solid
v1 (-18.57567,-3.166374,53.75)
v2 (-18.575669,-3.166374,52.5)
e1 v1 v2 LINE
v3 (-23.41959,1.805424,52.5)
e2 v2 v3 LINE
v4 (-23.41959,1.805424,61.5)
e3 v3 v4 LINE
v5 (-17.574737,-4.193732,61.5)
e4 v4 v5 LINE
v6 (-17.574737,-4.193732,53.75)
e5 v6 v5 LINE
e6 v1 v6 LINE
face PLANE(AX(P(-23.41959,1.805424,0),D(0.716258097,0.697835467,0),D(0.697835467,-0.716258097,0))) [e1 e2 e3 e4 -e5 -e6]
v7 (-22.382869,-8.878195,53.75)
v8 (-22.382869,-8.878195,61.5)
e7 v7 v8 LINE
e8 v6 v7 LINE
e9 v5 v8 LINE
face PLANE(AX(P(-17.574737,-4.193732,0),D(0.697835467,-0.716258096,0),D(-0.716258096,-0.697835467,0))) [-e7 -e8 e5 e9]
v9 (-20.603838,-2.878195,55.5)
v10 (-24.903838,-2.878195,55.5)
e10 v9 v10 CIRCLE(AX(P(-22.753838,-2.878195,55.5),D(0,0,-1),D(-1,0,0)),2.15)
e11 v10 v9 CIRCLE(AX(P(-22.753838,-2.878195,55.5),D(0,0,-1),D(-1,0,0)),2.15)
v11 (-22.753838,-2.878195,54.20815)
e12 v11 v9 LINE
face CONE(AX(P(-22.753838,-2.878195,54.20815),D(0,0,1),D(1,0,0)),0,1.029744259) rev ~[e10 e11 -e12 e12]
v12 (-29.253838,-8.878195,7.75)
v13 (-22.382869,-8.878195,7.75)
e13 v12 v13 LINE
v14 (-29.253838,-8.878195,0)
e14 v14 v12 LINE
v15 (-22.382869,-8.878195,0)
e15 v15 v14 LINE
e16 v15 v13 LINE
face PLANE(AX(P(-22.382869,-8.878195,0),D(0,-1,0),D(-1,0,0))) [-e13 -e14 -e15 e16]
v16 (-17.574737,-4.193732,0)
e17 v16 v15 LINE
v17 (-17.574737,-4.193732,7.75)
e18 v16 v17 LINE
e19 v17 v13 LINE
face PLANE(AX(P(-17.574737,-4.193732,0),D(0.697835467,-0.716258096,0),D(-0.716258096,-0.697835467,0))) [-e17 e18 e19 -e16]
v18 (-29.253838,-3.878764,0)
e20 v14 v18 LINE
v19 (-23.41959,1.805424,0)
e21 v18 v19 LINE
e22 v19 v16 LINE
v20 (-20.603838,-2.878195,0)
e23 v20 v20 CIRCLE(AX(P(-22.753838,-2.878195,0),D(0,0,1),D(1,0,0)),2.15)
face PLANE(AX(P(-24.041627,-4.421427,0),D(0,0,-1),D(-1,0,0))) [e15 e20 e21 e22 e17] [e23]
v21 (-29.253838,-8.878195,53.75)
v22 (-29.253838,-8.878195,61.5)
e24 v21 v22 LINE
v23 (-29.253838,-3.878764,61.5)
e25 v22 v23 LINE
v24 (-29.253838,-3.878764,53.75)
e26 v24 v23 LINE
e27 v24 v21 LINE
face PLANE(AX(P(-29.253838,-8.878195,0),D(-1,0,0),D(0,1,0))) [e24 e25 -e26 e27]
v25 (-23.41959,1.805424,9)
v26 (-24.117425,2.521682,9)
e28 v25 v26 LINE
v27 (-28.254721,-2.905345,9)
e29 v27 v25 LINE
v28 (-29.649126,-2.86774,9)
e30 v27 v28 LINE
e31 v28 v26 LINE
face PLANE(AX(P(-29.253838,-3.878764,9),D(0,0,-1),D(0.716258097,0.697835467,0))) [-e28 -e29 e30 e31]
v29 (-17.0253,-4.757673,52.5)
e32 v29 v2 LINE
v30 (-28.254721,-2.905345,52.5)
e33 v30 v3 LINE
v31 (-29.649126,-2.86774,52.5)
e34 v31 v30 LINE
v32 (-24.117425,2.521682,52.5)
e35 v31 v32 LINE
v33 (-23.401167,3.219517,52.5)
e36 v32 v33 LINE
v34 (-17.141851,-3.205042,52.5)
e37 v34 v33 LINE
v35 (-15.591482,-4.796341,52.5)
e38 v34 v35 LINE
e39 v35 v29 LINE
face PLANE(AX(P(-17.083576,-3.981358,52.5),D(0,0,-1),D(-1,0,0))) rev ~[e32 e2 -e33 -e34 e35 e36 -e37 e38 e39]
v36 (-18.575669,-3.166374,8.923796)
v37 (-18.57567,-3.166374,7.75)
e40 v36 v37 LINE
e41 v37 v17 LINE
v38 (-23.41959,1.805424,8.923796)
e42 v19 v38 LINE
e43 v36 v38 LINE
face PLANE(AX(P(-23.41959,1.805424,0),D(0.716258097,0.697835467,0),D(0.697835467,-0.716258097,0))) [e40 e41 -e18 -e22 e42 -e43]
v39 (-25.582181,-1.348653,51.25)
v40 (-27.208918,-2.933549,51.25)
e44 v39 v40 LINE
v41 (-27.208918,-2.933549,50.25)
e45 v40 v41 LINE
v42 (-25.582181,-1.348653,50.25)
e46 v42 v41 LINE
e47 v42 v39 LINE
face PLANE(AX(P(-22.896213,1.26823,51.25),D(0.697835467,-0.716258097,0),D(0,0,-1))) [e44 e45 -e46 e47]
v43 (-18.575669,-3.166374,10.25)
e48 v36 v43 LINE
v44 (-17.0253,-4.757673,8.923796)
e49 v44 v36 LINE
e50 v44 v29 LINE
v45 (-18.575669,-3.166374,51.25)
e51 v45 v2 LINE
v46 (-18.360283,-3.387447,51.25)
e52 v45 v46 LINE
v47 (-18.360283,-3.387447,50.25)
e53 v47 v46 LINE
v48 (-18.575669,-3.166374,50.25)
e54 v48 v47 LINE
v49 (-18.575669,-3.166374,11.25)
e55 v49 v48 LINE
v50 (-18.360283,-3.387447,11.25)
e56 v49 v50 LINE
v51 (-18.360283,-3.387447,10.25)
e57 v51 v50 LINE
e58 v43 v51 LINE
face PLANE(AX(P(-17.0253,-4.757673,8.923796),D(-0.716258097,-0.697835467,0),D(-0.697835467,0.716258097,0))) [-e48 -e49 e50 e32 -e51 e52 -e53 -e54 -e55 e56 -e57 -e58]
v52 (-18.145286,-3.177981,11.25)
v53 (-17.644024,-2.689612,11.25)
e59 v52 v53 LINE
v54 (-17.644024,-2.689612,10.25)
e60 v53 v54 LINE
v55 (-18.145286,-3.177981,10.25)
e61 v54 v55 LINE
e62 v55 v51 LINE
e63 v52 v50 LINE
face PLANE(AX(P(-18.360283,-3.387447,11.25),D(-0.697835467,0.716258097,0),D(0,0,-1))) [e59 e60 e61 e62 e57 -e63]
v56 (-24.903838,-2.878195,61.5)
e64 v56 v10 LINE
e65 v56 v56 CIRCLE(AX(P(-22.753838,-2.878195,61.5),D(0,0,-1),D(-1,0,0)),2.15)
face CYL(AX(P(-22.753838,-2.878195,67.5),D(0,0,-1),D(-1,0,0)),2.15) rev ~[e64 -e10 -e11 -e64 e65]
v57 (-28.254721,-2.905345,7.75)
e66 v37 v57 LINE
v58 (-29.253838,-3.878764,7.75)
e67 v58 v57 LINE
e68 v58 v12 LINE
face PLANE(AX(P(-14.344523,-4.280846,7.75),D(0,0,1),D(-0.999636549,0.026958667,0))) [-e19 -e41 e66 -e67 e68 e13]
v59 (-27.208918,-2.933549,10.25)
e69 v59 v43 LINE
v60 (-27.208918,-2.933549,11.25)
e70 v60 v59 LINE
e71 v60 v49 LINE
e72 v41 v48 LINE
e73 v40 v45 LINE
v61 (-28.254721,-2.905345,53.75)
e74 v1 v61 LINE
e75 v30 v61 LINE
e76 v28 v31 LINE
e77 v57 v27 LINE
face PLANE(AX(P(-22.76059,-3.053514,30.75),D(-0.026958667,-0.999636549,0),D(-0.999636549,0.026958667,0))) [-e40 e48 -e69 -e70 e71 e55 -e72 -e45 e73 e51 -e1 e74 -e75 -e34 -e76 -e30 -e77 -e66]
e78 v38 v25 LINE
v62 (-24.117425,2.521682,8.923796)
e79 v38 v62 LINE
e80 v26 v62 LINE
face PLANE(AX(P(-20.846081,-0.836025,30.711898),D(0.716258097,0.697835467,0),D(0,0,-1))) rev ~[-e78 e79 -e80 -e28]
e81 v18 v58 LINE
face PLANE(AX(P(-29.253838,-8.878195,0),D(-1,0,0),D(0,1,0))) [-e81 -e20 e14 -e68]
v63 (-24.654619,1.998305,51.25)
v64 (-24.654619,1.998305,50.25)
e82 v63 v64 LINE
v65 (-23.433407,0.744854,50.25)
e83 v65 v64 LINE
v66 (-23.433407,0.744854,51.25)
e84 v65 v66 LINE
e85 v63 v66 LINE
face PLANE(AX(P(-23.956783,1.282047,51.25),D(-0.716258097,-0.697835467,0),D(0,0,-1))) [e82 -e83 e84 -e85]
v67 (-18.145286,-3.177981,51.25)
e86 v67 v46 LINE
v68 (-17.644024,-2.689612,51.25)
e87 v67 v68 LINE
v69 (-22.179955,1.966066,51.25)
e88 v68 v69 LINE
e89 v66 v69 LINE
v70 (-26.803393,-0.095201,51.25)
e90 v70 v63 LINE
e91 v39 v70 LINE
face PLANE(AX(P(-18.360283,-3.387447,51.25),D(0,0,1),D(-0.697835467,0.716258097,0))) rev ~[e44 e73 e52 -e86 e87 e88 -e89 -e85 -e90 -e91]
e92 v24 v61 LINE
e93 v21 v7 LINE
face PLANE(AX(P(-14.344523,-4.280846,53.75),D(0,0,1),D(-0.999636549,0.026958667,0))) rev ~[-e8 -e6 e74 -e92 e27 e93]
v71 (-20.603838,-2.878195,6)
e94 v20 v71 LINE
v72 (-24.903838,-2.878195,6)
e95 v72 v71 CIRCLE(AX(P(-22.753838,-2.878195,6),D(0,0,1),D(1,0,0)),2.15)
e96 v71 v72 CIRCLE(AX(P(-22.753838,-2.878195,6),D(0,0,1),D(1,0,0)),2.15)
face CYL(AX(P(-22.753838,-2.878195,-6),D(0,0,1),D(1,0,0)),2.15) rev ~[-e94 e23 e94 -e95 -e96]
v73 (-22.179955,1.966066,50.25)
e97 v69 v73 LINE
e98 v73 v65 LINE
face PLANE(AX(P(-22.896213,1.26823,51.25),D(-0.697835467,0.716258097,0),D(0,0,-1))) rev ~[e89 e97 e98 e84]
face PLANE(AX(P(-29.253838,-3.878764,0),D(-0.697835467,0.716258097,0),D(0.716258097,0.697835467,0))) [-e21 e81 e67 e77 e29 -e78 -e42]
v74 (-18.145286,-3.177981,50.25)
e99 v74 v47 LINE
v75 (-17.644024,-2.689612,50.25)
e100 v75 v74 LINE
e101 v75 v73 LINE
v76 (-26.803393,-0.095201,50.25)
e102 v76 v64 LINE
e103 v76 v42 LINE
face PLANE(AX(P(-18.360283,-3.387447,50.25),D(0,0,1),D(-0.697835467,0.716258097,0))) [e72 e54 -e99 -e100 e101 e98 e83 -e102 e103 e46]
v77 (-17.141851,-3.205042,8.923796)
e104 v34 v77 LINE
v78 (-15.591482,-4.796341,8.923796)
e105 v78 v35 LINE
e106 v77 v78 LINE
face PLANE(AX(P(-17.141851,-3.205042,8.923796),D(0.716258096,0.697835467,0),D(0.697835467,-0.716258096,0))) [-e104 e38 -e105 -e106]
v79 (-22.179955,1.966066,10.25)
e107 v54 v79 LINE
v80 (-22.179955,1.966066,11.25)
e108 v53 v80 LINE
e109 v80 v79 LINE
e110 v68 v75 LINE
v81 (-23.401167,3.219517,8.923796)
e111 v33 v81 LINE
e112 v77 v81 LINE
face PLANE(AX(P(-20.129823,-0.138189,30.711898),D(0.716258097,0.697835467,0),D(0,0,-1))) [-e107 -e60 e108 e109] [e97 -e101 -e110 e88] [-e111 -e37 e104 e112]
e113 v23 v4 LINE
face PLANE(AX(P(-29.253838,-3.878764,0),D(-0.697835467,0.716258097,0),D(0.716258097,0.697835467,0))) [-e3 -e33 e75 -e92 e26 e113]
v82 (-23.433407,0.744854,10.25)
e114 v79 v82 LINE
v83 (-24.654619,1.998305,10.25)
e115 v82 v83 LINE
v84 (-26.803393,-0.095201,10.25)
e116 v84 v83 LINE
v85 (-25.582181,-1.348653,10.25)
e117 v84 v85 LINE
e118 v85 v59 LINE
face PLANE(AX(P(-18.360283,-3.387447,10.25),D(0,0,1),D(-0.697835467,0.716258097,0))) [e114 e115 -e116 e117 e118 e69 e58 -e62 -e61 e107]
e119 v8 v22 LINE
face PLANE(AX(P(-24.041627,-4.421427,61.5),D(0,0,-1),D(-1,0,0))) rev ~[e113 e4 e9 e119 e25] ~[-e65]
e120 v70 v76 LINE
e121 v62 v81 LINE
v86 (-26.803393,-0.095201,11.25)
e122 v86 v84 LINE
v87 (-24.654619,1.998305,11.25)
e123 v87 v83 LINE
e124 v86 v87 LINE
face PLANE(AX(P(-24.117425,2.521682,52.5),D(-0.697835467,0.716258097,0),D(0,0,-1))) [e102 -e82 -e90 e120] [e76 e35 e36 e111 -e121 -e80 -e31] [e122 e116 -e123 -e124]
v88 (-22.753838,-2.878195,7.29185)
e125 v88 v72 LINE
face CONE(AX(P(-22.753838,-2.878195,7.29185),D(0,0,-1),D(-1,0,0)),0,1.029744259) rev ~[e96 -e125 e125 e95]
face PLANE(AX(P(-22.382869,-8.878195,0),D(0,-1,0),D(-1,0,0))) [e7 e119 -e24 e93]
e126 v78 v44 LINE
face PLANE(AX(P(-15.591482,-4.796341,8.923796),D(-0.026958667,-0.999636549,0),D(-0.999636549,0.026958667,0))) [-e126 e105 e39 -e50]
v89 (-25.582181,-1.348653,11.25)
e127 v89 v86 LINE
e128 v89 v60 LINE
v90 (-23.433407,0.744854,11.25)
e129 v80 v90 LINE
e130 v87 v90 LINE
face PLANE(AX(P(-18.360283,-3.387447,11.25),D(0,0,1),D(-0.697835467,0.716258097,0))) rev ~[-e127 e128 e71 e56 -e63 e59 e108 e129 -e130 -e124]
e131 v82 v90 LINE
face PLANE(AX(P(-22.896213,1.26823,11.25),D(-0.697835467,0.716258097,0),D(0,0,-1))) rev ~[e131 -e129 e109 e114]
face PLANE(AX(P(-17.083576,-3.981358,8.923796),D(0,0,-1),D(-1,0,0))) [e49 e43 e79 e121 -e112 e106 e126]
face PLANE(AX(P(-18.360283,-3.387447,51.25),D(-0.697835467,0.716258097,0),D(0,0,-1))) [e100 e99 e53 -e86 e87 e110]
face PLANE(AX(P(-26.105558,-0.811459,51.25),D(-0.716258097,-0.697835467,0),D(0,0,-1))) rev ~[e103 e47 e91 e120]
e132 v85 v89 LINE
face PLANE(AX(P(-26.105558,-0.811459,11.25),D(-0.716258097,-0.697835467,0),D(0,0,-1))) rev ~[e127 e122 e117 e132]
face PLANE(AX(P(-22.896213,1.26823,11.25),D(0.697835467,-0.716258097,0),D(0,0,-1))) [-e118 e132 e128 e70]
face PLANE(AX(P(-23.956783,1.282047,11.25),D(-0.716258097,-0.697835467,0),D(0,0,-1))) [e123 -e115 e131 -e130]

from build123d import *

# Parameters (mm, degrees)
BOSS_EXTRU_1_DEPTH       = 61.5
D_GAGEMENT_M41_D         = 4.3
D_GAGEMENT_M41_DEPTH     = 6
D_GAGEMENT_M41_TIP       = 1.291850331
D_GAGEMENT_M42_D         = 4.3
D_GAGEMENT_M42_DEPTH     = 6
D_GAGEMENT_M42_TIP       = 1.291850331
ESQUISSE9_W              = 1
ESQUISSE9_H              = 6.5
ENL_V_MAT_EXTRU_2_DEPTH  = 66.352343655
ESQUISSE11_W             = 3
ESQUISSE11_H             = 1
ENL_V_MAT_EXTRU_3_DEPTH  = 1
ENL_V_MAT_EXTRU_4_DEPTH  = 23
ENL_V_MAT_EXTRU_7_DEPTH  = 23
ESQUISSE16_W             = 8.145455673
ESQUISSE16_H             = 43.5
ESQUISSE16_W_2           = 3
ESQUISSE16_H_2           = 1
BOSS_EXTRU_2_DEPTH       = 1
ESQUISSE17_W             = 43.576204057
ESQUISSE17_H             = 9.375689411
ESQUISSE17_W_2           = 1
ESQUISSE17_H_2           = 6.5
BOSS_EXTRU_3_DEPTH       = 1
ESQUISSE18_W             = 16.892190225
ESQUISSE18_H             = 46
ENL_V_MAT_EXTRU_8_DEPTH  = 1
BOSS_EXTRU_4_START       = -43.576204
BOSS_EXTRU_4_DEPTH       = 43.576204
ESQUISSE23_W             = 1
ESQUISSE23_H             = 6.5
ENL_V_MAT_EXTRU_11_DEPTH = 66.811115965


with BuildPart() as part:
    # Esquisse1 → Boss.-Extru.1 (new body)
    with BuildSketch(Plane.XY):
        Polygon((-29.2538383, -8.878195219), (-29.2538383, -3.878764136), (-23.419589724, 1.805423729), (-17.574736592, -4.193731626), (-22.3828685, -8.878195219), align=None)
    extrude(amount=BOSS_EXTRU_1_DEPTH)

    # Dégagement M41
    with Locations(Plane.XY.offset(61.5)):
        with Locations((-22.7538383, -2.878195219)):
            Hole(D_GAGEMENT_M41_D / 2, depth=D_GAGEMENT_M41_DEPTH)
            with Locations((0, 0, -(D_GAGEMENT_M41_DEPTH + D_GAGEMENT_M41_TIP / 2))):  # 118° drill point
                Cone(0, D_GAGEMENT_M41_D / 2, D_GAGEMENT_M41_TIP, mode=Mode.SUBTRACT)

    # Dégagement M42
    with Locations(Plane(origin=(0, 0, 0), x_dir=(-1, 0, 0), z_dir=(0, 0, -1))):
        with Locations((22.7538383, -2.878195219)):
            Hole(D_GAGEMENT_M42_D / 2, depth=D_GAGEMENT_M42_DEPTH)
            with Locations((0, 0, -(D_GAGEMENT_M42_DEPTH + D_GAGEMENT_M42_TIP / 2))):  # 118° drill point
                Cone(0, D_GAGEMENT_M42_D / 2, D_GAGEMENT_M42_TIP, mode=Mode.SUBTRACT)

    # Esquisse9 → Enlèv. mat.-Extru.2 (cut, through all)
    with BuildSketch(Plane(origin=(-11.112445005, -10.826625609, 0), x_dir=(0, 0, -1), z_dir=(0.7162580965216612, 0.6978354671175484, 0))):
        with Locations((-50.75, 13.636169698)):
            Rectangle(ESQUISSE9_W, ESQUISSE9_H)
        with Locations((-10.75, 13.636169698)):
            Rectangle(ESQUISSE9_W, ESQUISSE9_H)
    extrude(amount=-ENL_V_MAT_EXTRU_2_DEPTH, mode=Mode.SUBTRACT)

    # Esquisse11 → Enlèv. mat.-Extru.3 (cut)
    with BuildSketch(Plane(origin=(-12.30714472, 12.632049338, 0), x_dir=(0.7162580965216613, 0.6978354671175482, 0), z_dir=(-0.6978354671175482, 0.7162580965216613, 0))):
        with Locations((-17.764582046, -50.75)):
            Rectangle(ESQUISSE11_W, ESQUISSE11_H)
        with Locations((-17.764582046, -10.75)):
            Rectangle(ESQUISSE11_W, ESQUISSE11_H)
    extrude(amount=-ENL_V_MAT_EXTRU_3_DEPTH, mode=Mode.SUBTRACT)

    # Esquisse14 → Enlèv. mat.-Extru.4 (cut)
    with BuildSketch(Plane(origin=(0, 0, 30.75), x_dir=(-1, 0, 0), z_dir=(0, 0, -1))):
        Polygon((22.3828685, -8.878195219), (29.2538383, -3.878764136), (29.2538383, -8.878195219), align=None)
    enl_v_mat_extru_4 = extrude(amount=-ENL_V_MAT_EXTRU_4_DEPTH, mode=Mode.SUBTRACT)

    # Esquisse15 → Enlèv. mat.-Extru.7 (cut)
    with BuildSketch(Plane(origin=(0, 0, 30.75), x_dir=(-1, 0, 0), z_dir=(0, 0, -1))):
        Polygon((17.574736592, -4.193731626), (22.3828685, -8.878195219), (29.2538383, -3.878764136), align=None)
    enl_v_mat_extru_7 = extrude(amount=-ENL_V_MAT_EXTRU_7_DEPTH, mode=Mode.SUBTRACT)

    # Symétrie2: Enlèv. mat.-Extru.4, Enlèv. mat.-Extru.7 across plane
    add(enl_v_mat_extru_4.mirror(Plane(origin=(0, 0, 30.75), x_dir=(1, 0, 0), z_dir=(0, 0, -1))), mode=Mode.SUBTRACT)
    add(enl_v_mat_extru_7.mirror(Plane(origin=(0, 0, 30.75), x_dir=(1, 0, 0), z_dir=(0, 0, -1))), mode=Mode.SUBTRACT)

    # Esquisse16 → Boss.-Extru.2 (add)
    with BuildSketch(Plane(origin=(-12.30714472, 12.632049338, 0), x_dir=(0.7162580965216613, 0.6978354671175481, 0), z_dir=(-0.6978354671175481, 0.7162580965216613, 0))):
        with Locations((-19.587309883, -30.75)):
            Rectangle(ESQUISSE16_W, ESQUISSE16_H)
        with Locations((-17.764582046, -10.75)):
            Rectangle(ESQUISSE16_W_2, ESQUISSE16_H_2, mode=Mode.SUBTRACT)
        with Locations((-17.764582046, -50.75)):
            Rectangle(ESQUISSE16_W_2, ESQUISSE16_H_2, mode=Mode.SUBTRACT)
    extrude(amount=BOSS_EXTRU_2_DEPTH)

    # Esquisse17 → Boss.-Extru.3 (add)
    with BuildSketch(Plane(origin=(-11.112445005, -10.826625609, 0), x_dir=(0, 0, -1), z_dir=(0.7162580965216608, 0.6978354671175485, 0))):
        with Locations((-30.711897972, 13.948324992)):
            Rectangle(ESQUISSE17_W, ESQUISSE17_H)
        with Locations((-50.75, 13.636169698)):
            Rectangle(ESQUISSE17_W_2, ESQUISSE17_H_2, mode=Mode.SUBTRACT)
        with Locations((-10.75, 13.636169698)):
            Rectangle(ESQUISSE17_W_2, ESQUISSE17_H_2, mode=Mode.SUBTRACT)
    extrude(amount=BOSS_EXTRU_3_DEPTH)

    # Esquisse18 → Enlèv. mat.-Extru.8 (cut)
    with BuildSketch(Plane(origin=(-0.12578911, -4.664303021, 0), x_dir=(-0.9996365490865532, 0.026958667072524062, 0), z_dir=(-0.026958667072524065, -0.9996365490865533, 0))):
        with Locations((22.669999121, -30.75)):
            Rectangle(ESQUISSE18_W, ESQUISSE18_H)
    extrude(amount=-ENL_V_MAT_EXTRU_8_DEPTH, mode=Mode.SUBTRACT)

    # Esquisse21 → Boss.-Extru.4 (add)
    with BuildSketch(Plane.XY.offset(52.5).offset(BOSS_EXTRU_4_START)):
        Polygon((-17.141851408, -3.205042293), (-15.591482071, -4.796340876), (-17.025300163, -4.757672998), (-18.575669499, -3.166374415), align=None)
    extrude(amount=BOSS_EXTRU_4_DEPTH)

    # Esquisse23 → Enlèv. mat.-Extru.11 (cut, through all)
    with BuildSketch(Plane(origin=(-10.396186908, -10.128790142, 0), x_dir=(0, 0, -1), z_dir=(0.7162580965216607, 0.6978354671175486, 0))):
        with Locations((-50.75, 13.636169698)):
            Rectangle(ESQUISSE23_W, ESQUISSE23_H)
        with Locations((-10.75, 13.636169698)):
            Rectangle(ESQUISSE23_W, ESQUISSE23_H)
    extrude(amount=-ENL_V_MAT_EXTRU_11_DEPTH, mode=Mode.SUBTRACT)


solid = part.part
